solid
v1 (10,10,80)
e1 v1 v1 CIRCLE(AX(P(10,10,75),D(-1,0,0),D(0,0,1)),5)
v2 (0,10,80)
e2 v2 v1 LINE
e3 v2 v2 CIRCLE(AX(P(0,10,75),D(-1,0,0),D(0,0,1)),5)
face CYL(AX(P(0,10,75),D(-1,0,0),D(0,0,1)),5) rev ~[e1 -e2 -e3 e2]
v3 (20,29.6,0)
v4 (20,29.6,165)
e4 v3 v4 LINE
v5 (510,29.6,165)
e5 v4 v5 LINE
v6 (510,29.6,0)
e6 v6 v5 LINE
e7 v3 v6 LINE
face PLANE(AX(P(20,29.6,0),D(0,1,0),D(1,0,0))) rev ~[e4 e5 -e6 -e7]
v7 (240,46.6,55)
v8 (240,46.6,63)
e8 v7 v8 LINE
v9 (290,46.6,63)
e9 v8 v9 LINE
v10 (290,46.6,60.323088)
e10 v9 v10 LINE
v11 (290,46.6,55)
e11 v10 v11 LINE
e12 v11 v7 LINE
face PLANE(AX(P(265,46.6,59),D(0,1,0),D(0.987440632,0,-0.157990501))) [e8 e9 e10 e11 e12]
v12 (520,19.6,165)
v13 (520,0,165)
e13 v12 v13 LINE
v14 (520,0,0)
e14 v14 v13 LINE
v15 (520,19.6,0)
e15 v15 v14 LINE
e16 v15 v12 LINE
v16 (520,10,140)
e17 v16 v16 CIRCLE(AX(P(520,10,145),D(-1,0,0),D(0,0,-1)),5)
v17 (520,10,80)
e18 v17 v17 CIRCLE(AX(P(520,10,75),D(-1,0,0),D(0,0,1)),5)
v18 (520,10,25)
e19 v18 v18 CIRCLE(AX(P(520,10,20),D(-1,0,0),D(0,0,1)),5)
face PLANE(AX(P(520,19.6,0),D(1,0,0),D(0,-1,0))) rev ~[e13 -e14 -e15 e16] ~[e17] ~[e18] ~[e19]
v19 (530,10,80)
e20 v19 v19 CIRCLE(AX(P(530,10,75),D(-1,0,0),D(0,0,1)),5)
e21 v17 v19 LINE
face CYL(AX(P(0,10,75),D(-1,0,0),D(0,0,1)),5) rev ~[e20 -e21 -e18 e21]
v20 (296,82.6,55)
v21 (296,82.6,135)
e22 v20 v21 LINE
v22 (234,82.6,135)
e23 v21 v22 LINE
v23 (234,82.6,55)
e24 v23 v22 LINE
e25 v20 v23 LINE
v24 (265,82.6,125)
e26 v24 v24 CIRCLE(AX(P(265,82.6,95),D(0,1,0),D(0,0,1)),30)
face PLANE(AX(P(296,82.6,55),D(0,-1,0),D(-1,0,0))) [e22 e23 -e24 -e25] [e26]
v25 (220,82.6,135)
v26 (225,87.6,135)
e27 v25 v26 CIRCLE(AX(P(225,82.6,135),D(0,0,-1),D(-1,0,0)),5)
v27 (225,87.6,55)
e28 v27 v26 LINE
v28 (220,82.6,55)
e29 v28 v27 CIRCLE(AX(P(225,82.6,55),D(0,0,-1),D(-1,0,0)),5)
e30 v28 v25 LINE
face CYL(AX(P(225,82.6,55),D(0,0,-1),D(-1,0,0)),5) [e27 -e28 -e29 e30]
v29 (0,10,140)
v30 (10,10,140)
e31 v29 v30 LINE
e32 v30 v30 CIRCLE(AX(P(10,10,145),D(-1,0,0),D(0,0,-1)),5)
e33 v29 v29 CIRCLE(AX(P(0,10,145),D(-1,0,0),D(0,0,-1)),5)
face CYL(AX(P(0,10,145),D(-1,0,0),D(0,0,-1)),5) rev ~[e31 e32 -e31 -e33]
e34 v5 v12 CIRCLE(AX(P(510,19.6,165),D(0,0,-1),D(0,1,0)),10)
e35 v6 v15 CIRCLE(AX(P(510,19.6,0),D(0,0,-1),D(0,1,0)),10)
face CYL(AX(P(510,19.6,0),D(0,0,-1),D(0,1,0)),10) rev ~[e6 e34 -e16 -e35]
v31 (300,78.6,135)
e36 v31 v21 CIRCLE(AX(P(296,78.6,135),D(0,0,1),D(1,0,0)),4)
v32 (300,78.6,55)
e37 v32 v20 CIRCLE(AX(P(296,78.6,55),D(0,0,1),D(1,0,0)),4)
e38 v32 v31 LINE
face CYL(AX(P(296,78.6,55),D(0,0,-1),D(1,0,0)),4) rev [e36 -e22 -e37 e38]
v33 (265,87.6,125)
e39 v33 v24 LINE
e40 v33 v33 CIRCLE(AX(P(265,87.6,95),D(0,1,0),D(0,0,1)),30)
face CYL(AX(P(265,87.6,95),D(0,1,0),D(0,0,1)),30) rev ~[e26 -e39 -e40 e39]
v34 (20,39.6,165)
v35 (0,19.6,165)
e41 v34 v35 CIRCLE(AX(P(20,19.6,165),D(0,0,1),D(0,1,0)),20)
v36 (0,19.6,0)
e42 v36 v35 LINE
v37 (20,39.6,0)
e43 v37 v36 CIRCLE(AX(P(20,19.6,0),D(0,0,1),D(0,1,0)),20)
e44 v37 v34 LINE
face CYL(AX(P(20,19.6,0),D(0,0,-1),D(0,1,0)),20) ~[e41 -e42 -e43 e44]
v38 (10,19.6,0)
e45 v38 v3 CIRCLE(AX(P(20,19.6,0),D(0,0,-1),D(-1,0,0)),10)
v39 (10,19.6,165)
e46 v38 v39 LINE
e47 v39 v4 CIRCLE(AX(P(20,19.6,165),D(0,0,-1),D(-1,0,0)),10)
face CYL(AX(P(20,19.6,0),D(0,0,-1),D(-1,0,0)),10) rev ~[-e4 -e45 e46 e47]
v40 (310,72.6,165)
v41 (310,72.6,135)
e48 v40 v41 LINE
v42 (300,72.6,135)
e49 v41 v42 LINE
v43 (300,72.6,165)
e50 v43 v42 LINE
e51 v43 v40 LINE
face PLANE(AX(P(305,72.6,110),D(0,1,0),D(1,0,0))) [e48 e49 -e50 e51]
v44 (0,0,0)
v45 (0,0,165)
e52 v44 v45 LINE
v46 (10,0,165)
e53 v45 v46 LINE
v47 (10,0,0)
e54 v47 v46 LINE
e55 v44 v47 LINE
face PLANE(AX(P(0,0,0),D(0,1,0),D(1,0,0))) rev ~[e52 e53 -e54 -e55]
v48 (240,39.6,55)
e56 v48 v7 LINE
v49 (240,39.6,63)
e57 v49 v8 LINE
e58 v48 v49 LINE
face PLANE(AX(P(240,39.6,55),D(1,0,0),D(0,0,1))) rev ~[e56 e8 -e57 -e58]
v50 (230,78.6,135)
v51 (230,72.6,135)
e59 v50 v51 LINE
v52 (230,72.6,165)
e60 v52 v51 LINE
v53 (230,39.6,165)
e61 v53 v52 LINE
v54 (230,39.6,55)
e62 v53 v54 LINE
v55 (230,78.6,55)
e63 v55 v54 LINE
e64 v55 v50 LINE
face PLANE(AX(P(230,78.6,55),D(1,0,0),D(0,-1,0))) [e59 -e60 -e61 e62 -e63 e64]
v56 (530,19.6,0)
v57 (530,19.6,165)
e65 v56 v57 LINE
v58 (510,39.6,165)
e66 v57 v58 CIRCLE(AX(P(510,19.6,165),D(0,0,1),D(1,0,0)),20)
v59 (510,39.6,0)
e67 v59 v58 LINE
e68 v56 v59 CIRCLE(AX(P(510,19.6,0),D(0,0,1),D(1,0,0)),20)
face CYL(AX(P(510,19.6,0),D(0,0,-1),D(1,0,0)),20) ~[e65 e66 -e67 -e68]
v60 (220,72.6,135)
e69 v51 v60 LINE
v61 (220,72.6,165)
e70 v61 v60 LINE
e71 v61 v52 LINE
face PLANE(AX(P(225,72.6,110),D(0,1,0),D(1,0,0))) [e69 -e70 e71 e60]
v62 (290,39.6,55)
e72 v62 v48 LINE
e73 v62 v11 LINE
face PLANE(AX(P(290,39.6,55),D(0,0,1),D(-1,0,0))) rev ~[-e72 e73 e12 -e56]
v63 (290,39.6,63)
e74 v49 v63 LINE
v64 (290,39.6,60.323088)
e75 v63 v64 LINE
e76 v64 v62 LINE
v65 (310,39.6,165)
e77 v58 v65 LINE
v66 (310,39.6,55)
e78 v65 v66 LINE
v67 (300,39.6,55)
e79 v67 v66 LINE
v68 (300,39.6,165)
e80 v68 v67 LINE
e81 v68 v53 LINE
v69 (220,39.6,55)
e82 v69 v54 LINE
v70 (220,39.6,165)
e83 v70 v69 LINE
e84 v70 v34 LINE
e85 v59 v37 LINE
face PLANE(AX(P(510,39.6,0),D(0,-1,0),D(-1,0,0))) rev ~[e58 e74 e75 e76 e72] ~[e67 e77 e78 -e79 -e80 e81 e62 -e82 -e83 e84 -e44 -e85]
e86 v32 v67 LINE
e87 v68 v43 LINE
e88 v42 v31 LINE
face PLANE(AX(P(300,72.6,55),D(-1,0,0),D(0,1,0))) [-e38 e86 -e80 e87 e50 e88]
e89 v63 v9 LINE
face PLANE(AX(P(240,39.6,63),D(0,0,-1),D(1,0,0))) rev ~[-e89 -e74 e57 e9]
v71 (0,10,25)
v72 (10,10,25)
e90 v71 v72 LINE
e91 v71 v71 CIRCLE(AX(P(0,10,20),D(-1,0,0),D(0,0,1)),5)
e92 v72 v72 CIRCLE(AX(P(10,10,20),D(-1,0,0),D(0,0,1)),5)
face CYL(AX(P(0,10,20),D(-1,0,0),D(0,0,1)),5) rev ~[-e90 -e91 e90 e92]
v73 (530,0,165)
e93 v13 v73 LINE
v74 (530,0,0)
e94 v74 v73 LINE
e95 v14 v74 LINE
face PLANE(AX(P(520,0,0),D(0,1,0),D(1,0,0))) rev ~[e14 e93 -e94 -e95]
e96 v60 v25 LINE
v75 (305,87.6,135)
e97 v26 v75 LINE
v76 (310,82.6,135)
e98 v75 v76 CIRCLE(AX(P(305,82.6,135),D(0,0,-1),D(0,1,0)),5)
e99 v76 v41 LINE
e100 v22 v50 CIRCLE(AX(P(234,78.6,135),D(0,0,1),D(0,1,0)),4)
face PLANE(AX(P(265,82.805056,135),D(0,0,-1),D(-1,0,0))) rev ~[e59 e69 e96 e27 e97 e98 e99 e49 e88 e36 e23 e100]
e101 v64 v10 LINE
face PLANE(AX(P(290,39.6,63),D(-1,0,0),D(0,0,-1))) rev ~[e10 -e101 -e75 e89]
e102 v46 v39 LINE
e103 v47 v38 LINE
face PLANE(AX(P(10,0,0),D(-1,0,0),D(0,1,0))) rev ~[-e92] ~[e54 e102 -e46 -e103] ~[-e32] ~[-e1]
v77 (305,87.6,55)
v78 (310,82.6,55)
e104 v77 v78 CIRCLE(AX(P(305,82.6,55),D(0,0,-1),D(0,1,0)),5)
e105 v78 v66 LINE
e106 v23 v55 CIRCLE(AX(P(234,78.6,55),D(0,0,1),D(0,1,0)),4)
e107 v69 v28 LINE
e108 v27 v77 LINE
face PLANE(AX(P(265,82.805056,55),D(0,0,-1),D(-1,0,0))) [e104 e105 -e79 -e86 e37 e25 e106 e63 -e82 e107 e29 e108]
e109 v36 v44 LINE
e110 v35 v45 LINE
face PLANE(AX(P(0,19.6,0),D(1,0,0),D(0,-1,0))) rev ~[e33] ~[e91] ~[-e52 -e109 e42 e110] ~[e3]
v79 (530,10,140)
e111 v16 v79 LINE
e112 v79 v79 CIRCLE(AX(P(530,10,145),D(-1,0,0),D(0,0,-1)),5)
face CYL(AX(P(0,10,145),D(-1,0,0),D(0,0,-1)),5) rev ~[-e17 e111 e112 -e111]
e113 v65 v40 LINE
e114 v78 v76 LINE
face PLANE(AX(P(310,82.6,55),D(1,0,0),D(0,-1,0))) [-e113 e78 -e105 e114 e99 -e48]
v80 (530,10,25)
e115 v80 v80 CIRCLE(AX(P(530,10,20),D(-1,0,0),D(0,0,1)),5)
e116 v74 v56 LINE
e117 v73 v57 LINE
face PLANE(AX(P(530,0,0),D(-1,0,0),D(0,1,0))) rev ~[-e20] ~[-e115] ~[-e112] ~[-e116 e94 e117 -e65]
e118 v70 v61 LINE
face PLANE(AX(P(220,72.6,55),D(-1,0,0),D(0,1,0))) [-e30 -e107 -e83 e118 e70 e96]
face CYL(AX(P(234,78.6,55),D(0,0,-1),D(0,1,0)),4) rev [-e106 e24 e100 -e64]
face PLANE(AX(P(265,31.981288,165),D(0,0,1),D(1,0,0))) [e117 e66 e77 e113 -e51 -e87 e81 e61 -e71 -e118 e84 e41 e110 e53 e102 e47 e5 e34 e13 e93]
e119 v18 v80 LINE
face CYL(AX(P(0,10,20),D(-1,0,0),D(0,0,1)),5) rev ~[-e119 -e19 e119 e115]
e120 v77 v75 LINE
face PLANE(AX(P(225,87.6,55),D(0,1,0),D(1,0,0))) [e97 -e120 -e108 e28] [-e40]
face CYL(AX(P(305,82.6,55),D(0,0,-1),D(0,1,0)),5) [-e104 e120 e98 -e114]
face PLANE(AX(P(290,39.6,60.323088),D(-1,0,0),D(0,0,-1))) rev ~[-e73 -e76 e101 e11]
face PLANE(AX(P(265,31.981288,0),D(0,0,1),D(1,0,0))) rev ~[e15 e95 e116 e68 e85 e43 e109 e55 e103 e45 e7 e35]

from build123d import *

# Parameters (mm, degrees)
BOSS_EXTRUDE2_DEPTH = 165
SKETCH2_R           = 5
CUT_EXTRUDE1_DEPTH  = 557.500817609
SKETCH3_W           = 10
SKETCH3_H           = 110
BOSS_EXTRUDE3_DEPTH = 33
BOSS_EXTRUDE4_DEPTH = 80
SKETCH5_R           = 30
CUT_EXTRUDE2_DEPTH  = 5
BOSS_EXTRUDE5_DEPTH = 7


with BuildPart() as part:
    # Sketch1 → Boss-Extrude2 (new body)
    with BuildSketch(Plane.XY):
        with BuildLine():
            Line((20, 29.6), (510, 29.6))
            ThreePointArc((510, 29.6), (517.071067812, 26.671067812), (520, 19.6))
            Line((520, 19.6), (520, 0))
            Line((520, 0), (530, 0))
            Line((530, 0), (530, 19.6))
            ThreePointArc((530, 19.6), (524.142135624, 33.742135624), (510, 39.6))
            Line((510, 39.6), (20, 39.6))
            ThreePointArc((20, 39.6), (5.857864376, 33.742135624), (0, 19.6))
            Line((0, 19.6), (0, 0))
            Line((0, 0), (10, 0))
            Line((10, 0), (10, 19.6))
            ThreePointArc((10, 19.6), (12.928932188, 26.671067812), (20, 29.6))
        make_face()
    extrude(amount=BOSS_EXTRUDE2_DEPTH)

    # Sketch2 → Cut-Extrude1 (cut, through all)
    with BuildSketch(Plane.ZY):
        with Locations((20, 10)):
            Circle(SKETCH2_R)
        with Locations(Location((145, 10, 0), (0, 0, 180))):
            Circle(SKETCH2_R)
        with Locations((75, 10)):
            Circle(SKETCH2_R)
    extrude(amount=-CUT_EXTRUDE1_DEPTH, mode=Mode.SUBTRACT)

    # Sketch3 → Boss-Extrude3 (add)
    with BuildSketch(Plane(origin=(0, 39.6, 0), x_dir=(1, 0, 0), z_dir=(0, 1, 0))):
        with Locations((225, -110)):
            Rectangle(SKETCH3_W, SKETCH3_H)
        with Locations((305, -110)):
            Rectangle(SKETCH3_W, SKETCH3_H)
    extrude(amount=BOSS_EXTRUDE3_DEPTH)

    # Sketch4 → Boss-Extrude4 (add)
    with BuildSketch(Plane(origin=(0, 0, 55), x_dir=(-1, 0, 0), z_dir=(0, 0, -1))):
        with BuildLine():
            Line((-300, 72.6), (-300, 78.6))
            ThreePointArc((-300, 78.6), (-298.828427125, 81.428427125), (-296, 82.6))
            Line((-296, 82.6), (-234, 82.6))
            ThreePointArc((-234, 82.6), (-231.171572875, 81.428427125), (-230, 78.6))
            Line((-230, 78.6), (-230, 72.6))
            Line((-230, 72.6), (-220, 72.6))
            Line((-220, 72.6), (-220, 82.6))
            ThreePointArc((-220, 82.6), (-221.464466094, 86.135533906), (-225, 87.6))
            Line((-225, 87.6), (-305, 87.6))
            ThreePointArc((-305, 87.6), (-308.535533906, 86.135533906), (-310, 82.6))
            Line((-310, 82.6), (-310, 72.6))
            Line((-310, 72.6), (-300, 72.6))
        make_face()
    extrude(amount=-BOSS_EXTRUDE4_DEPTH)

    # Sketch5 → Cut-Extrude2 (cut)
    with BuildSketch(Plane(origin=(0, 87.6, 0), x_dir=(1, 0, 0), z_dir=(0, 1, 0))):
        with Locations(Location((265, -95, 0), (0, 0, 270))):
            Circle(SKETCH5_R)
    extrude(amount=-CUT_EXTRUDE2_DEPTH, mode=Mode.SUBTRACT)

    # 3DSketch2 → Boss-Extrude5 (add)
    with BuildSketch(Plane(origin=(290, 39.6, 55), x_dir=(-0.9874406319167054, 0, 0.1579905011066729), z_dir=(0, -1, 0))):
        Polygon((0, 0), (49.372031596, 7.899525055), (50.635955605, 0), (1.263924009, -7.899525055), (0.840997387, -5.256233666), align=None)
    extrude(amount=-BOSS_EXTRUDE5_DEPTH)


solid = part.part
